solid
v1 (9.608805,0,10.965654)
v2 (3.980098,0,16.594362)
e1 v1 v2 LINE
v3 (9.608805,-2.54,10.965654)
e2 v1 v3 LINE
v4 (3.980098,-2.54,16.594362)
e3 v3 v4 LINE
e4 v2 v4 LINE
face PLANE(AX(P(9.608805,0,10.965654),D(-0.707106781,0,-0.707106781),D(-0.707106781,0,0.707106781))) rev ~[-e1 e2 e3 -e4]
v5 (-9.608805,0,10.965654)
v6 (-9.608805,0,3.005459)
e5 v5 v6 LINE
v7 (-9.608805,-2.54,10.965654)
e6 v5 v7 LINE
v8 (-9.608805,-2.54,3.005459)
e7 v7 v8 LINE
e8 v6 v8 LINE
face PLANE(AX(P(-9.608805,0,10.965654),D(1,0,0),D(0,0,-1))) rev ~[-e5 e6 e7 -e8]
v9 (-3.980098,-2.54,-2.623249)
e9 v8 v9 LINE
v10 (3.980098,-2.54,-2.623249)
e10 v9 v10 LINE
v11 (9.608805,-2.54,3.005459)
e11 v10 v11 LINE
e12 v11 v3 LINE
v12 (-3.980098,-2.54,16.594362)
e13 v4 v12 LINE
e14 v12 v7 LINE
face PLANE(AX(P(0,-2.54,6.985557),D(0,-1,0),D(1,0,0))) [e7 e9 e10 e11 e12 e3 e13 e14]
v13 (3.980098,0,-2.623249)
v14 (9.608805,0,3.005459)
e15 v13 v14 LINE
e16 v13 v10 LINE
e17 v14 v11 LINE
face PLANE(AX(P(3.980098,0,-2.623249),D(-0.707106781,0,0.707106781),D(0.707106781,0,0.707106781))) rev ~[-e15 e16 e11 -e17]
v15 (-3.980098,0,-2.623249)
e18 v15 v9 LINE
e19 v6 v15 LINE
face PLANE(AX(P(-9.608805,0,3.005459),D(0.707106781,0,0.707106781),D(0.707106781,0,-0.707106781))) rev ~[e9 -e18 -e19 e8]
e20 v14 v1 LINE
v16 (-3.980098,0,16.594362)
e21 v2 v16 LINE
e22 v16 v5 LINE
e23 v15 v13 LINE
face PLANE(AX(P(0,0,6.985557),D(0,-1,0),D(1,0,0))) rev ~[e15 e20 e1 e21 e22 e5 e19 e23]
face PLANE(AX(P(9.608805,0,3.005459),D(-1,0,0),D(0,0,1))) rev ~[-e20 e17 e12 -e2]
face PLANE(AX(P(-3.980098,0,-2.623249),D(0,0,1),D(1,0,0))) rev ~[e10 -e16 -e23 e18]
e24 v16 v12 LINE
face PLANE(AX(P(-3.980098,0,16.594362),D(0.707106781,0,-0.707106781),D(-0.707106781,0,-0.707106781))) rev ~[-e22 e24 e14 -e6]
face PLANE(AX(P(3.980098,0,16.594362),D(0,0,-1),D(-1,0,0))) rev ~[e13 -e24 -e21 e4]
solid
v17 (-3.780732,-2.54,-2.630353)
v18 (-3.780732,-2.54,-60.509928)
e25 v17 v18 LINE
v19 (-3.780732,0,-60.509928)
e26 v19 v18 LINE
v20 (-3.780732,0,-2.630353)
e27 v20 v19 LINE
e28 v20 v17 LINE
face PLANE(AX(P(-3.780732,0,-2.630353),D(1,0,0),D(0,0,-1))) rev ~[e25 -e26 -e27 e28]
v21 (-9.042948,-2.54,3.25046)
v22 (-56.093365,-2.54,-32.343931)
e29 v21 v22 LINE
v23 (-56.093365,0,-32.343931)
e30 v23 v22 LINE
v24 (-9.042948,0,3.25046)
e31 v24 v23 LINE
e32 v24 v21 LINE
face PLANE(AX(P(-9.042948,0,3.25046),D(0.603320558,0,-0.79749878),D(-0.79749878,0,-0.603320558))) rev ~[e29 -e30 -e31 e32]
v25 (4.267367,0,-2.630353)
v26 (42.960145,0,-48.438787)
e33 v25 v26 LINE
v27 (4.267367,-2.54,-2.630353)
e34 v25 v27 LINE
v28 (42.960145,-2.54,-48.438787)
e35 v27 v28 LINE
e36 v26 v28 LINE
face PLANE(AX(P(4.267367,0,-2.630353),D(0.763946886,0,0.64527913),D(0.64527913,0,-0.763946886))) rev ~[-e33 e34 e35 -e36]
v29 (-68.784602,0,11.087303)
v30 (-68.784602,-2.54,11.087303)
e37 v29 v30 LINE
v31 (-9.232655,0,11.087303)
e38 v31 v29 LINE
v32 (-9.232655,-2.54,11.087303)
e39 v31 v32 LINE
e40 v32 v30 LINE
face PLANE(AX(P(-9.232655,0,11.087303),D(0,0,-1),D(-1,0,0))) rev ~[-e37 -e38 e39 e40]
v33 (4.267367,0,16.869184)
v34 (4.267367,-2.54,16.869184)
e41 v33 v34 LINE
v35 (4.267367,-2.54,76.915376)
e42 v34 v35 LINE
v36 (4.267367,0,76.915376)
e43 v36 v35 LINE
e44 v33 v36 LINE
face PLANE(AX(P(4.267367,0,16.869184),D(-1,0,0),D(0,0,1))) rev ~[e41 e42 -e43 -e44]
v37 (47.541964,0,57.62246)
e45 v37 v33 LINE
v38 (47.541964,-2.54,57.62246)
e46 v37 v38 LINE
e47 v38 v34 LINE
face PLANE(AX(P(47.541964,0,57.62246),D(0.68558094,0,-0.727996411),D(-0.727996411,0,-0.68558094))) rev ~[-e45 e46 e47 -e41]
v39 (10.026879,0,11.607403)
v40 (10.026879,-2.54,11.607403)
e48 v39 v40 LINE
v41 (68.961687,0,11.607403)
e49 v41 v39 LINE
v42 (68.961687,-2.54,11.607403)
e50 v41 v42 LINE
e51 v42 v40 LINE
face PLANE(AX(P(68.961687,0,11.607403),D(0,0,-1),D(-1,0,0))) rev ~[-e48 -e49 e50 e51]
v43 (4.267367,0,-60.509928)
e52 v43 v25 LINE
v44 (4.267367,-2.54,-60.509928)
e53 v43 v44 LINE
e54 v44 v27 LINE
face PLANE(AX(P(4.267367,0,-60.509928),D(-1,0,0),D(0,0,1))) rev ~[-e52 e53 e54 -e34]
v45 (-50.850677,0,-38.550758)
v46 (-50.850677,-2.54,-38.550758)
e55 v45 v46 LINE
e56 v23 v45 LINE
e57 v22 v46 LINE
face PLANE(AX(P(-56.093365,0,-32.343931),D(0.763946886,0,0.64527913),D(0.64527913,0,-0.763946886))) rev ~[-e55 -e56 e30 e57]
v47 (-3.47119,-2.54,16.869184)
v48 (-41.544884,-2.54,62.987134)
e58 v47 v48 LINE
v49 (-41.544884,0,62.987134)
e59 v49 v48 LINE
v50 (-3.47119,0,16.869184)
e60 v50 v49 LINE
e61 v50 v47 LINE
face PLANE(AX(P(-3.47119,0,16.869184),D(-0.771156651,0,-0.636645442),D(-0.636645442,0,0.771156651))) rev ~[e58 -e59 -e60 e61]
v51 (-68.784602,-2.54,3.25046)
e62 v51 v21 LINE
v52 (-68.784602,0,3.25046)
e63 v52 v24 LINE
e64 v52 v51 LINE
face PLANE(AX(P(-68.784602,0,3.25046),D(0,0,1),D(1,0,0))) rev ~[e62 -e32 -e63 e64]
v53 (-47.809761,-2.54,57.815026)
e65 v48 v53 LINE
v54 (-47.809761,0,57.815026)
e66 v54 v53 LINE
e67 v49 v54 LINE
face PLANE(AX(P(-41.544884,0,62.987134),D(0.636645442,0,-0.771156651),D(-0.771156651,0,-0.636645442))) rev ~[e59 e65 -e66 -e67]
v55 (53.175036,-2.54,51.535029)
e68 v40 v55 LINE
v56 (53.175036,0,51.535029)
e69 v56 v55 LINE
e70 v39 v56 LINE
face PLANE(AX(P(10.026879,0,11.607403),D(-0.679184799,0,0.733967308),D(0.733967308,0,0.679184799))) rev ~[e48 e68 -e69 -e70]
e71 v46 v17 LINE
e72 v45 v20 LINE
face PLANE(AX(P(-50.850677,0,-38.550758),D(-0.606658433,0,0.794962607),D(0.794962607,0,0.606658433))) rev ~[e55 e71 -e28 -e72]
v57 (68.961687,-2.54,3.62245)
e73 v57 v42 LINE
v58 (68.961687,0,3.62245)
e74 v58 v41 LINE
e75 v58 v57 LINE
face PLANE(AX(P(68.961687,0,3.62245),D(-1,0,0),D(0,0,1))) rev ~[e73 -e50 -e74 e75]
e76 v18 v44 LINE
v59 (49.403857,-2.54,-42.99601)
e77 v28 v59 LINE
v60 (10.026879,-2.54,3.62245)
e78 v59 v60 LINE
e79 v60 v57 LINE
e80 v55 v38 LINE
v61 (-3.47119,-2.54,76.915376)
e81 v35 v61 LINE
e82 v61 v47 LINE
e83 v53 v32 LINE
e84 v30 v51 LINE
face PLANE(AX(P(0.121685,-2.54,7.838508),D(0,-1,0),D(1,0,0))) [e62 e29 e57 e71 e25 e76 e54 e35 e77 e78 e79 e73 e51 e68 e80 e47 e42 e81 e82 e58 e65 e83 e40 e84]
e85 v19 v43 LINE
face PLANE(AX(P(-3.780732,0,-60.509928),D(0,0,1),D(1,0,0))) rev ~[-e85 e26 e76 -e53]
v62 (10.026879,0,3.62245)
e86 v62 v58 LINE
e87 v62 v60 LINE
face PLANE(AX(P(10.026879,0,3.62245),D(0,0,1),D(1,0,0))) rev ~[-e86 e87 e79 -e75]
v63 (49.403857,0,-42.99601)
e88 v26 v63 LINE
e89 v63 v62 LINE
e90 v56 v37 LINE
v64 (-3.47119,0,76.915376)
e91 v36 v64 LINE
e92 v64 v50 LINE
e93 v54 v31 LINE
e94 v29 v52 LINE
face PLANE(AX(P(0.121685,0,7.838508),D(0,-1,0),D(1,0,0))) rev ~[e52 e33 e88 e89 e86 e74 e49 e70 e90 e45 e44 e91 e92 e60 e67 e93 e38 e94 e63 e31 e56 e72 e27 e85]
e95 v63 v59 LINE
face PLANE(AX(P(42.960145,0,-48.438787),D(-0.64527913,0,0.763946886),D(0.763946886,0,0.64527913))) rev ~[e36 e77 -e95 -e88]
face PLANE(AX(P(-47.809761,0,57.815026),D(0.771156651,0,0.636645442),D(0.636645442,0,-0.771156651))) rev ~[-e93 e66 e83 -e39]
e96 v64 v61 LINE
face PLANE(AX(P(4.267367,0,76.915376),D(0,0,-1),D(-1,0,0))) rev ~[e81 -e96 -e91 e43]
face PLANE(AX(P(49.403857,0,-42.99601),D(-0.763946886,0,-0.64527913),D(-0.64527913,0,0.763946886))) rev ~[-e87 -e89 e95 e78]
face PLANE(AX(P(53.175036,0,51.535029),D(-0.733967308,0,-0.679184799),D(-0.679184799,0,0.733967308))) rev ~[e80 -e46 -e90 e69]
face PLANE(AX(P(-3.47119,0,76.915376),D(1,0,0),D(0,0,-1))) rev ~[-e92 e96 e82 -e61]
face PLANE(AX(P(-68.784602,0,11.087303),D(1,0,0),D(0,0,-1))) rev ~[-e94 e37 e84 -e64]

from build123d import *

# Parameters (mm, degrees)
F2_DEPTH = 2.54


with BuildPart() as f2:
    # F0 (on Front) → F2 (new body)
    with BuildSketch(Plane.XZ):
        Polygon((9.6088054153, 3.0054593734), (9.6088054153, 10.9656544158), (3.9800975212, 16.5943623099), (-3.9800975212, 16.5943623099), (-9.6088054153, 10.9656544158), (-9.6088054153, 3.0054593734), (-3.9800975212, -2.6232485207), (3.9800975212, -2.6232485207), align=None)
    extrude(amount=F2_DEPTH)


with BuildPart() as f2b:
    # F1 (on face) → F2, piece 2 (new body)
    with BuildSketch(Plane.XZ):
        Polygon((47.5419638027, 57.6224601616), (4.267366603, 16.8691836298), (4.267366603, 76.9153758883), (-3.471189877, 76.9153758883), (-3.471189877, 16.8691836298), (-41.5448844433, 62.9871338606), (-47.8097613253, 57.8150260868), (-9.2326552678, 11.0873029835), (-68.7846019864, 11.0873029835), (-68.7846019864, 3.2504596747), (-9.0429484844, 3.2504596747), (-56.093364954, -32.3439314961), (-50.8506766513, -38.5507576875), (-3.7807321642, -2.6303527411), (-3.7807321642, -60.5099275708), (4.2673670687, -60.5099275708), (4.2673670687, -2.6303527411), (42.9601445794, -48.4387874603), (49.403856578, -42.9960100279), (10.0268791084, 3.6224500028), (68.961687386, 3.6224500028), (68.961687386, 11.6074029356), (10.0268791084, 11.6074029356), (53.1750358641, 51.5350289643), align=None)
    extrude(amount=F2_DEPTH)


solid = Compound([f2.part, f2b.part])
